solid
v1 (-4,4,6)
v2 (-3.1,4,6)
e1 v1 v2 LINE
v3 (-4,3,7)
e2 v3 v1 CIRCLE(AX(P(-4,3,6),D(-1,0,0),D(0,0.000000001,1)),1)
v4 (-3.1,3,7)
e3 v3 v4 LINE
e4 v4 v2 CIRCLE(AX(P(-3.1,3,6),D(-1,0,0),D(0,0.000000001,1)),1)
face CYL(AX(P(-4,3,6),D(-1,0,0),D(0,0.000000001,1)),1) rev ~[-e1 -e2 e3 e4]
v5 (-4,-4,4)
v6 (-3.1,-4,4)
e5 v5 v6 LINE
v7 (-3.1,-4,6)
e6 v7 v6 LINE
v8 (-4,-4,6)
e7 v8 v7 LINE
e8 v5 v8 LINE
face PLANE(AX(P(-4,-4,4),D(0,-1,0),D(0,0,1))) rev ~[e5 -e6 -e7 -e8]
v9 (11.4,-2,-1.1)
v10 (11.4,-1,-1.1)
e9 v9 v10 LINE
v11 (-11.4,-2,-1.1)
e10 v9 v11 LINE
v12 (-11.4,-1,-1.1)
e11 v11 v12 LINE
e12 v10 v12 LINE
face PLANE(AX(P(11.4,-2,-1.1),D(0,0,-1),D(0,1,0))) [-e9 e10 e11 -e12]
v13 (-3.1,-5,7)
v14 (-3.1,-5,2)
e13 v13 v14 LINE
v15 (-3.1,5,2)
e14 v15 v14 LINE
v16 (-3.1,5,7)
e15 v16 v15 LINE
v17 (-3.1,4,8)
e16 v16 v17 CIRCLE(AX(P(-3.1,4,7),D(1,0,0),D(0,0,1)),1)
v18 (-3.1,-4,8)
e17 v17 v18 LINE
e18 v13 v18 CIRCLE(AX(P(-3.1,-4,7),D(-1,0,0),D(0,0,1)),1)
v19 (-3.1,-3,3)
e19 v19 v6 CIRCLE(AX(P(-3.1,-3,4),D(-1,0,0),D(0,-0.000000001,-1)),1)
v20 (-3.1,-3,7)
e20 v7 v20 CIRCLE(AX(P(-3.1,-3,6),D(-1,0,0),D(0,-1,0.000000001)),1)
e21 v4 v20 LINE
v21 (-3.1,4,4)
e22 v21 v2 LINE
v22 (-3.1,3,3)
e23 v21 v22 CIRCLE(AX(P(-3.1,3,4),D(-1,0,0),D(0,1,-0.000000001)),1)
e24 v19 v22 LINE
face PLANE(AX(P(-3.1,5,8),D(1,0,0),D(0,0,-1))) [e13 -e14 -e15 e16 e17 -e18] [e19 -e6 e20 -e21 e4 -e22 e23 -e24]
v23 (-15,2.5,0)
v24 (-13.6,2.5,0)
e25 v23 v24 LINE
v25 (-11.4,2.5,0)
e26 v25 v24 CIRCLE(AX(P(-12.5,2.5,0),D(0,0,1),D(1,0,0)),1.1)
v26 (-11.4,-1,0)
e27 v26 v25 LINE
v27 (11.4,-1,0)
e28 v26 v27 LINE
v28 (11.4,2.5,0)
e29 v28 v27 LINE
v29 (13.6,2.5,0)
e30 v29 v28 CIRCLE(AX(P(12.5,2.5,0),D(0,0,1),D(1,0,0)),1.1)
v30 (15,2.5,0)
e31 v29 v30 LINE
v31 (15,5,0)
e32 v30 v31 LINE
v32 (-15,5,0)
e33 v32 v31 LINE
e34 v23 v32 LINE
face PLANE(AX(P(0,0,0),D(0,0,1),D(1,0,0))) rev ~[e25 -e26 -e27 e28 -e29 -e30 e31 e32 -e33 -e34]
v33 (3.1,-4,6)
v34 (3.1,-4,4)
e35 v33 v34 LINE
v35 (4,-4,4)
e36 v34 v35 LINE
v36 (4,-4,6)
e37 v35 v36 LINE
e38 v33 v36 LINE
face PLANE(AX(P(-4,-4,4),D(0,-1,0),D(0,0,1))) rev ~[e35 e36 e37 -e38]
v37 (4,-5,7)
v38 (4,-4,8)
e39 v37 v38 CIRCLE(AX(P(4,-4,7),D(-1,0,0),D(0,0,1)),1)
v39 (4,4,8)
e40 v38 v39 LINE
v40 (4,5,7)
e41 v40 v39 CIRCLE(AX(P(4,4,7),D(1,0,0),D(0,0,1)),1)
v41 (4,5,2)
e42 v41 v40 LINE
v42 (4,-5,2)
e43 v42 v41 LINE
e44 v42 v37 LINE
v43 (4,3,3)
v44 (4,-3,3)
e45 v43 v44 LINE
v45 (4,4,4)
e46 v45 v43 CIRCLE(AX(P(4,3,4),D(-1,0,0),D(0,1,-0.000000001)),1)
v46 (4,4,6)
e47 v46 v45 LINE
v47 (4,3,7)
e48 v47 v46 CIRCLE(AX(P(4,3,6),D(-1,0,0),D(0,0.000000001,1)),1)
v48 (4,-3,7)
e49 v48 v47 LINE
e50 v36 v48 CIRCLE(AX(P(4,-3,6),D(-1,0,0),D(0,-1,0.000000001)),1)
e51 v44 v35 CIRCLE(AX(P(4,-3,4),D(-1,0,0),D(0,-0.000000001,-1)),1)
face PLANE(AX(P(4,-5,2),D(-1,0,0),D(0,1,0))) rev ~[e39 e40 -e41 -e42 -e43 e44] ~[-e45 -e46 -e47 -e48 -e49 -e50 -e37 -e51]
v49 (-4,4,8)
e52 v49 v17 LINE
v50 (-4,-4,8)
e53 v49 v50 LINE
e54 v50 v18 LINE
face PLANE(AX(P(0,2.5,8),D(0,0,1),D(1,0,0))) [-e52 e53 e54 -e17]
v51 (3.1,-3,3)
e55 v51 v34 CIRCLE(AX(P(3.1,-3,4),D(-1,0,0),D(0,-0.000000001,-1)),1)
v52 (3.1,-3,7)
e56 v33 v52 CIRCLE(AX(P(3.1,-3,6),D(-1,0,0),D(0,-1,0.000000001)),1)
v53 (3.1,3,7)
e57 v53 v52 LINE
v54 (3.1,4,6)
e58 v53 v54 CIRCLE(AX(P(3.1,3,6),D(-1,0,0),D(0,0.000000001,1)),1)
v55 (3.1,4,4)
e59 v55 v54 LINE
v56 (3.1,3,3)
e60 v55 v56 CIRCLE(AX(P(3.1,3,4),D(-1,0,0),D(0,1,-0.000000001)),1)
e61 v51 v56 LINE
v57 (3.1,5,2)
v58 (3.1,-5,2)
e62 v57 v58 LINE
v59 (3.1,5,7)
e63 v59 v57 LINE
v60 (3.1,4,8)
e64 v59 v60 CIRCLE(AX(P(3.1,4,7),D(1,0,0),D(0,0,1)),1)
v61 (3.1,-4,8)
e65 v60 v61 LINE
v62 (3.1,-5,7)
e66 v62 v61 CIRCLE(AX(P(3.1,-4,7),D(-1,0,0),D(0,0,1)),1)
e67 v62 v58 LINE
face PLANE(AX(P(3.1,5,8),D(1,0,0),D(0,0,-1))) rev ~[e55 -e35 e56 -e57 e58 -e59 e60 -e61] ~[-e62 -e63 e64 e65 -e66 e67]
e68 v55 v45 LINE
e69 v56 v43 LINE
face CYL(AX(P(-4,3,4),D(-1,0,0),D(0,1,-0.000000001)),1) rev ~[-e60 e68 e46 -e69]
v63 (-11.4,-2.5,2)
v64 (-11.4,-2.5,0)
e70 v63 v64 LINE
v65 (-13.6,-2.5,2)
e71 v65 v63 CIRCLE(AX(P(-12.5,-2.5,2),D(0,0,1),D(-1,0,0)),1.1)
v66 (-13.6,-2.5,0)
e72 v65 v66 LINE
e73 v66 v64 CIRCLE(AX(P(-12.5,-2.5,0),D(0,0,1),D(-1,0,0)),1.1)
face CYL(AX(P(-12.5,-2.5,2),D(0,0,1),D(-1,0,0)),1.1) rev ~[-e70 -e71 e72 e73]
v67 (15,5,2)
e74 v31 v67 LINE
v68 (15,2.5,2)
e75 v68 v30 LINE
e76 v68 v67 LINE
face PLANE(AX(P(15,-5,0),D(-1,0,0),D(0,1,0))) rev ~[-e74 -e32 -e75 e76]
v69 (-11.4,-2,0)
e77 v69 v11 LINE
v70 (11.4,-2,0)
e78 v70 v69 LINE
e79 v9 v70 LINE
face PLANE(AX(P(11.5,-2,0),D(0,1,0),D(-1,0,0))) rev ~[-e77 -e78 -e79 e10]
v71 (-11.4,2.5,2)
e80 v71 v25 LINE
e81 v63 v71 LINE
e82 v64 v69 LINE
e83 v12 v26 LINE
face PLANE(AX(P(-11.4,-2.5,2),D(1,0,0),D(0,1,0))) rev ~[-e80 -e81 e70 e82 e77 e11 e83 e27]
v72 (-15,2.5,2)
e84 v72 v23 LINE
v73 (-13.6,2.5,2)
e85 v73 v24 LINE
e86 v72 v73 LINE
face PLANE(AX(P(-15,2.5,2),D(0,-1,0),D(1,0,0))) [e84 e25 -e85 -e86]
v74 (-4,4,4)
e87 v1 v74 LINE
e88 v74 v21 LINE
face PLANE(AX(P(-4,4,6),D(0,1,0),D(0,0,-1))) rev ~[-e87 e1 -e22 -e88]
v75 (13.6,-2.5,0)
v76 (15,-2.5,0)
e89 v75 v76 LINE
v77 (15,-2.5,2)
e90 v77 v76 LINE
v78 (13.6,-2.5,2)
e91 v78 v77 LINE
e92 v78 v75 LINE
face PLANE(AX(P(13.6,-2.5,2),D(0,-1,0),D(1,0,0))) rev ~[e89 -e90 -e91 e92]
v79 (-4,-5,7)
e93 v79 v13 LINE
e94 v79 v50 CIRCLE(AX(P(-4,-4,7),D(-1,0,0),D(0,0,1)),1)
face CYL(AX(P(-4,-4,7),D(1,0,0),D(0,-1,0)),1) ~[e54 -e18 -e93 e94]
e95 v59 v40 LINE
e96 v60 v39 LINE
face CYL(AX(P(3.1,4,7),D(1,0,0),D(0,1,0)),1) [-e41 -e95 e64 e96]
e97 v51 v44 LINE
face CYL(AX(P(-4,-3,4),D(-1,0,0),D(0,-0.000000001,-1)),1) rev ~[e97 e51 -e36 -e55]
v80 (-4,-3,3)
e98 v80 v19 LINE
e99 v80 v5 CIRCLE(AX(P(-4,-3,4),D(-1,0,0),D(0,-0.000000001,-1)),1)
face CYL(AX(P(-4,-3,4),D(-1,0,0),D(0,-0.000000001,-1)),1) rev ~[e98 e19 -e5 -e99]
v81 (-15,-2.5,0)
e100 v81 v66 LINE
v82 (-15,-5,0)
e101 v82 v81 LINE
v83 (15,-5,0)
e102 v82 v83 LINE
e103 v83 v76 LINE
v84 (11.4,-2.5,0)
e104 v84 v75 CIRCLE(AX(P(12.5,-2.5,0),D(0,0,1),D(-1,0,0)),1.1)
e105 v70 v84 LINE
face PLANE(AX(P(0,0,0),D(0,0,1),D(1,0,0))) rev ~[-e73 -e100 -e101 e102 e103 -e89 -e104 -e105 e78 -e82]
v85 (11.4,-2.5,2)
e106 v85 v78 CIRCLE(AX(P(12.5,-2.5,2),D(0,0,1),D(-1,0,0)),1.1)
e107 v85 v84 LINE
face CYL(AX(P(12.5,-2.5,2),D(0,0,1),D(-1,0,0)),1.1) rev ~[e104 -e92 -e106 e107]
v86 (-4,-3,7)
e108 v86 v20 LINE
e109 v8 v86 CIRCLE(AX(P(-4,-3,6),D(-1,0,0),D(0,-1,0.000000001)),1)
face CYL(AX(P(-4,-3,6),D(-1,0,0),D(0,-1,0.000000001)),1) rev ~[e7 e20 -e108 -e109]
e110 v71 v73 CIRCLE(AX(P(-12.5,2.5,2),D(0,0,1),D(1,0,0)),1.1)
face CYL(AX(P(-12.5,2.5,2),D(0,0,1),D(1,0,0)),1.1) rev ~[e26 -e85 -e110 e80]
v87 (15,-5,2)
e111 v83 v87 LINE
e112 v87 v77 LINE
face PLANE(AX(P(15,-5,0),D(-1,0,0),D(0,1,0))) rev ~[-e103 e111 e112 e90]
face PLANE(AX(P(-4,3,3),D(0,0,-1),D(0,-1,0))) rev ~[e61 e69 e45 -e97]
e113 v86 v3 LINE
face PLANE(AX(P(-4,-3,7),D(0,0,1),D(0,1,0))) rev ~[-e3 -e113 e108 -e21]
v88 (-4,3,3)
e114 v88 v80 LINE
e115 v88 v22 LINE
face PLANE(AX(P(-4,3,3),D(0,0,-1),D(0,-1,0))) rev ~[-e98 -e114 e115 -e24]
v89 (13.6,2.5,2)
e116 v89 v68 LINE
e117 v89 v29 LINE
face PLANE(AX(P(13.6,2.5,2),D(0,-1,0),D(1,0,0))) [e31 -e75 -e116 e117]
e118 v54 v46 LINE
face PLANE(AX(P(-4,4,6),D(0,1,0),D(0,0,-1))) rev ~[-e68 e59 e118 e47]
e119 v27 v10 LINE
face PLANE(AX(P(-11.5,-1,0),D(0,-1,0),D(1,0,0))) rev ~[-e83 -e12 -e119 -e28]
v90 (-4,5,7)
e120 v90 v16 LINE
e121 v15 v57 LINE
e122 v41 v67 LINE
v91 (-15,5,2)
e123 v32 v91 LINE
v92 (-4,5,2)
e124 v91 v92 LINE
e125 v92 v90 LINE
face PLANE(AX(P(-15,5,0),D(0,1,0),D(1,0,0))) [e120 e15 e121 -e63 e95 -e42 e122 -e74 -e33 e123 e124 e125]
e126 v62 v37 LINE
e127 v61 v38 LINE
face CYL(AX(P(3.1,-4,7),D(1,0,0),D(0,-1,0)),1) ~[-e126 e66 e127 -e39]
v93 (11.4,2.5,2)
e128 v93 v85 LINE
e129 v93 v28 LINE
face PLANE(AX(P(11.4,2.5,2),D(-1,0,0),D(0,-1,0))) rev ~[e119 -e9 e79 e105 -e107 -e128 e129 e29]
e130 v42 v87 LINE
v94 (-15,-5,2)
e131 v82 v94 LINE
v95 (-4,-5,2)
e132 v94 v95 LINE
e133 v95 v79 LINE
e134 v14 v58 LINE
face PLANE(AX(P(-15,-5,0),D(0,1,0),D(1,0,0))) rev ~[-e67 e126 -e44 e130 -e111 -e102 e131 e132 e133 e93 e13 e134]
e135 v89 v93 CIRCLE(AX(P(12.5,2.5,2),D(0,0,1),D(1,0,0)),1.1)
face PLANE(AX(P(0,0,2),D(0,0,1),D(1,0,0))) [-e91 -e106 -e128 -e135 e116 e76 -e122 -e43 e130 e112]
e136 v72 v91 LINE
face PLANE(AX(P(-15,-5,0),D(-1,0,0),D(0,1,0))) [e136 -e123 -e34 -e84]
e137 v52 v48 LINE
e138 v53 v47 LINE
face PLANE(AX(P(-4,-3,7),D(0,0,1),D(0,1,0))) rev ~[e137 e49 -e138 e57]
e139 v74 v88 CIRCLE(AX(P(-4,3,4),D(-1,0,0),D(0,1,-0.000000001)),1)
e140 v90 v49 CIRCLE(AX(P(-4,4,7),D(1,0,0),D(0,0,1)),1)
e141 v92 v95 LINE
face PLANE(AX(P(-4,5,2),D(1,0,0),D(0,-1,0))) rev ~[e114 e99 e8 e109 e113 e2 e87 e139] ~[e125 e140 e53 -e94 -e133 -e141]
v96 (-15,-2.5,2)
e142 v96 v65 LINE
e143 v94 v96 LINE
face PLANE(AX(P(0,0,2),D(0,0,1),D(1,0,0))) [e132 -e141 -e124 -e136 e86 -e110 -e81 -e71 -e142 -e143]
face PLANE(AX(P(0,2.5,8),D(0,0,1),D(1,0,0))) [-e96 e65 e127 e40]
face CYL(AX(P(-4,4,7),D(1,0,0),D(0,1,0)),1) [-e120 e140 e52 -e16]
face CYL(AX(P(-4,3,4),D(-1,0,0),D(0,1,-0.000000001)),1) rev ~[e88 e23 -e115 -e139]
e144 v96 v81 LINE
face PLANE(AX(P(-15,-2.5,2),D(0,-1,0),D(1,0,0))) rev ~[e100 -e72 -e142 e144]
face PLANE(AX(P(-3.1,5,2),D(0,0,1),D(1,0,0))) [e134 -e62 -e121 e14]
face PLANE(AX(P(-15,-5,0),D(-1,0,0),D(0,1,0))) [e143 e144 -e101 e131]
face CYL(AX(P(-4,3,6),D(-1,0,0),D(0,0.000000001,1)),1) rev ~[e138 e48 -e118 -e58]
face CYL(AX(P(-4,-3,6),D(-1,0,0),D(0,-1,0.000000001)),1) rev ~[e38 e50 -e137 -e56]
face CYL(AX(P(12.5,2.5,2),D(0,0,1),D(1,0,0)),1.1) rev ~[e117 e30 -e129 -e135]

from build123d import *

# Parameters (mm, degrees)
CROQUIS1_W              = 30
CROQUIS1_H              = 10
SALIENTE_EXTRUIR1_DEPTH = 2
CORTAR_EXTRUIR2_DEPTH   = 11
CROQUIS3_W              = 11.193843072
CROQUIS3_H              = 1
CROQUIS3_W_2            = 11.806156928
SALIENTE_EXTRUIR3_DEPTH = 1.5
CORTAR_EXTRUIR3_DEPTH   = 11.5
CROQUIS5_W              = 1.4
CROQUIS5_H              = 5
CORTAR_EXTRUIR4_DEPTH   = 10
CROQUIS6_W              = 8
CROQUIS6_H              = 5
SALIENTE_EXTRUIR4_DEPTH = 6
CROQUIS7_W              = 6.2
CROQUIS7_H              = 6
CORTAR_EXTRUIR5_DEPTH   = 11
CORTAR_EXTRUIR6_DEPTH   = 11
REDONDEO1_R             = 1
CROQUIS9_W              = 0.4
CROQUIS9_H              = 1
CORTAR_EXTRUIR7_DEPTH   = 23


with BuildPart() as part:
    # Croquis1 → Saliente-Extruir1 (new body)
    with BuildSketch(Plane.XY):
        Rectangle(CROQUIS1_W, CROQUIS1_H)
    extrude(amount=SALIENTE_EXTRUIR1_DEPTH)

    # Croquis2 → Cortar-Extruir2 (cut)
    with BuildSketch(Plane.XY.offset(2)):
        with BuildLine():
            Line((-13.5, -2.5), (-13.5, 2.5))
            ThreePointArc((-13.5, 2.5), (-12.5, 3.5), (-11.5, 2.5))
            Line((-11.5, 2.5), (-11.5, -2.5))
            ThreePointArc((-11.5, -2.5), (-12.5, -3.5), (-13.5, -2.5))
        make_face()
        with BuildLine():
            Line((11.5, 2.5), (11.5, -2.5))
            ThreePointArc((11.5, -2.5), (12.5, -3.5), (13.5, -2.5))
            Line((13.5, -2.5), (13.5, 2.5))
            ThreePointArc((13.5, 2.5), (12.5, 3.5), (11.5, 2.5))
        make_face()
    extrude(amount=-CORTAR_EXTRUIR2_DEPTH, mode=Mode.SUBTRACT)

    # Croquis3 → Saliente-Extruir3 (add)
    with BuildSketch(Plane(origin=(0, 0, 0), x_dir=(-1, 0, 0), z_dir=(0, 0, -1))):
        with Locations((5.903078464, -1.5)):
            Rectangle(CROQUIS3_W, CROQUIS3_H)
        with Locations((-5.596921536, -1.5)):
            Rectangle(CROQUIS3_W_2, CROQUIS3_H)
    extrude(amount=SALIENTE_EXTRUIR3_DEPTH)

    # Croquis4 → Cortar-Extruir3 (cut)
    with BuildSketch(Plane.XY.offset(2)):
        with BuildLine():
            Line((-13.6, 2.5), (-13.6, -2.5))
            ThreePointArc((-13.6, -2.5), (-12.5, -3.6), (-11.4, -2.5))
            Line((-11.4, -2.5), (-11.4, 2.5))
            ThreePointArc((-11.4, 2.5), (-12.5, 3.6), (-13.6, 2.5))
        make_face()
        with BuildLine():
            Line((11.4, 2.5), (11.4, -2.5))
            ThreePointArc((11.4, -2.5), (12.5, -3.6), (13.6, -2.5))
            Line((13.6, -2.5), (13.6, 2.5))
            ThreePointArc((13.6, 2.5), (12.5, 3.6), (11.4, 2.5))
        make_face()
    extrude(amount=-CORTAR_EXTRUIR3_DEPTH, mode=Mode.SUBTRACT)

    # Croquis5 → Cortar-Extruir4 (cut)
    with BuildSketch(Plane.XY.offset(2)):
        with Locations((-14.3, 0)):
            Rectangle(CROQUIS5_W, CROQUIS5_H)
        with Locations((14.3, 0)):
            Rectangle(CROQUIS5_W, CROQUIS5_H)
    extrude(amount=-CORTAR_EXTRUIR4_DEPTH, mode=Mode.SUBTRACT)

    # Croquis6 → Saliente-Extruir4 (add)
    with BuildSketch(Plane.XY.offset(2)):
        with Locations((0, 2.5)):
            Rectangle(CROQUIS6_W, CROQUIS6_H)
        with Locations((0, -2.5)):
            Rectangle(CROQUIS6_W, CROQUIS6_H)
    extrude(amount=SALIENTE_EXTRUIR4_DEPTH)

    # Croquis7 → Cortar-Extruir5 (cut)
    with BuildSketch(Plane(origin=(0, 5, 0), x_dir=(1, 0, 0), z_dir=(0, 1, 0))):
        with Locations((0, -5)):
            Rectangle(CROQUIS7_W, CROQUIS7_H)
    extrude(amount=-CORTAR_EXTRUIR5_DEPTH, mode=Mode.SUBTRACT)

    # Croquis8 → Cortar-Extruir6 (cut)
    with BuildSketch(Plane.ZY.offset(4)):
        with BuildLine():
            Line((5, -4), (5, 4))
            Line((5, 4), (4, 4))
            ThreePointArc((4, 4), (3.292893219, 3.707106781), (3, 3))
            Line((3, 3), (3, -3))
            ThreePointArc((3, -3), (3.292893219, -3.707106781), (4, -4))
            Line((4, -4), (5, -4))
        make_face()
        with BuildLine():
            Line((6, 4), (5, 4))
            Line((5, 4), (5, -4))
            Line((5, -4), (6, -4))
            ThreePointArc((6, -4), (6.707106781, -3.707106781), (7, -3))
            Line((7, -3), (7, 3))
            ThreePointArc((7, 3), (6.707106781, 3.707106781), (6, 4))
        make_face()
    extrude(amount=-CORTAR_EXTRUIR6_DEPTH, mode=Mode.SUBTRACT)

    # Redondeo1
    redondeo1_edges = [part.edges().sort_by_distance(p)[0] for p in [
        (3.55, 5, 8),
        (-3.55, -5, 8),
        (-3.55, 5, 8),
        (3.55, -5, 8),
    ]]
    fillet(redondeo1_edges, radius=REDONDEO1_R)

    # Croquis9 → Cortar-Extruir7 (cut)
    with BuildSketch(Plane(origin=(11.4, 0, 0), x_dir=(0, 0, -1), z_dir=(1, 0, 0))):
        with Locations((1.3, -1.5)):
            Rectangle(CROQUIS9_W, CROQUIS9_H)
    extrude(amount=-CORTAR_EXTRUIR7_DEPTH, mode=Mode.SUBTRACT)


solid = part.part
